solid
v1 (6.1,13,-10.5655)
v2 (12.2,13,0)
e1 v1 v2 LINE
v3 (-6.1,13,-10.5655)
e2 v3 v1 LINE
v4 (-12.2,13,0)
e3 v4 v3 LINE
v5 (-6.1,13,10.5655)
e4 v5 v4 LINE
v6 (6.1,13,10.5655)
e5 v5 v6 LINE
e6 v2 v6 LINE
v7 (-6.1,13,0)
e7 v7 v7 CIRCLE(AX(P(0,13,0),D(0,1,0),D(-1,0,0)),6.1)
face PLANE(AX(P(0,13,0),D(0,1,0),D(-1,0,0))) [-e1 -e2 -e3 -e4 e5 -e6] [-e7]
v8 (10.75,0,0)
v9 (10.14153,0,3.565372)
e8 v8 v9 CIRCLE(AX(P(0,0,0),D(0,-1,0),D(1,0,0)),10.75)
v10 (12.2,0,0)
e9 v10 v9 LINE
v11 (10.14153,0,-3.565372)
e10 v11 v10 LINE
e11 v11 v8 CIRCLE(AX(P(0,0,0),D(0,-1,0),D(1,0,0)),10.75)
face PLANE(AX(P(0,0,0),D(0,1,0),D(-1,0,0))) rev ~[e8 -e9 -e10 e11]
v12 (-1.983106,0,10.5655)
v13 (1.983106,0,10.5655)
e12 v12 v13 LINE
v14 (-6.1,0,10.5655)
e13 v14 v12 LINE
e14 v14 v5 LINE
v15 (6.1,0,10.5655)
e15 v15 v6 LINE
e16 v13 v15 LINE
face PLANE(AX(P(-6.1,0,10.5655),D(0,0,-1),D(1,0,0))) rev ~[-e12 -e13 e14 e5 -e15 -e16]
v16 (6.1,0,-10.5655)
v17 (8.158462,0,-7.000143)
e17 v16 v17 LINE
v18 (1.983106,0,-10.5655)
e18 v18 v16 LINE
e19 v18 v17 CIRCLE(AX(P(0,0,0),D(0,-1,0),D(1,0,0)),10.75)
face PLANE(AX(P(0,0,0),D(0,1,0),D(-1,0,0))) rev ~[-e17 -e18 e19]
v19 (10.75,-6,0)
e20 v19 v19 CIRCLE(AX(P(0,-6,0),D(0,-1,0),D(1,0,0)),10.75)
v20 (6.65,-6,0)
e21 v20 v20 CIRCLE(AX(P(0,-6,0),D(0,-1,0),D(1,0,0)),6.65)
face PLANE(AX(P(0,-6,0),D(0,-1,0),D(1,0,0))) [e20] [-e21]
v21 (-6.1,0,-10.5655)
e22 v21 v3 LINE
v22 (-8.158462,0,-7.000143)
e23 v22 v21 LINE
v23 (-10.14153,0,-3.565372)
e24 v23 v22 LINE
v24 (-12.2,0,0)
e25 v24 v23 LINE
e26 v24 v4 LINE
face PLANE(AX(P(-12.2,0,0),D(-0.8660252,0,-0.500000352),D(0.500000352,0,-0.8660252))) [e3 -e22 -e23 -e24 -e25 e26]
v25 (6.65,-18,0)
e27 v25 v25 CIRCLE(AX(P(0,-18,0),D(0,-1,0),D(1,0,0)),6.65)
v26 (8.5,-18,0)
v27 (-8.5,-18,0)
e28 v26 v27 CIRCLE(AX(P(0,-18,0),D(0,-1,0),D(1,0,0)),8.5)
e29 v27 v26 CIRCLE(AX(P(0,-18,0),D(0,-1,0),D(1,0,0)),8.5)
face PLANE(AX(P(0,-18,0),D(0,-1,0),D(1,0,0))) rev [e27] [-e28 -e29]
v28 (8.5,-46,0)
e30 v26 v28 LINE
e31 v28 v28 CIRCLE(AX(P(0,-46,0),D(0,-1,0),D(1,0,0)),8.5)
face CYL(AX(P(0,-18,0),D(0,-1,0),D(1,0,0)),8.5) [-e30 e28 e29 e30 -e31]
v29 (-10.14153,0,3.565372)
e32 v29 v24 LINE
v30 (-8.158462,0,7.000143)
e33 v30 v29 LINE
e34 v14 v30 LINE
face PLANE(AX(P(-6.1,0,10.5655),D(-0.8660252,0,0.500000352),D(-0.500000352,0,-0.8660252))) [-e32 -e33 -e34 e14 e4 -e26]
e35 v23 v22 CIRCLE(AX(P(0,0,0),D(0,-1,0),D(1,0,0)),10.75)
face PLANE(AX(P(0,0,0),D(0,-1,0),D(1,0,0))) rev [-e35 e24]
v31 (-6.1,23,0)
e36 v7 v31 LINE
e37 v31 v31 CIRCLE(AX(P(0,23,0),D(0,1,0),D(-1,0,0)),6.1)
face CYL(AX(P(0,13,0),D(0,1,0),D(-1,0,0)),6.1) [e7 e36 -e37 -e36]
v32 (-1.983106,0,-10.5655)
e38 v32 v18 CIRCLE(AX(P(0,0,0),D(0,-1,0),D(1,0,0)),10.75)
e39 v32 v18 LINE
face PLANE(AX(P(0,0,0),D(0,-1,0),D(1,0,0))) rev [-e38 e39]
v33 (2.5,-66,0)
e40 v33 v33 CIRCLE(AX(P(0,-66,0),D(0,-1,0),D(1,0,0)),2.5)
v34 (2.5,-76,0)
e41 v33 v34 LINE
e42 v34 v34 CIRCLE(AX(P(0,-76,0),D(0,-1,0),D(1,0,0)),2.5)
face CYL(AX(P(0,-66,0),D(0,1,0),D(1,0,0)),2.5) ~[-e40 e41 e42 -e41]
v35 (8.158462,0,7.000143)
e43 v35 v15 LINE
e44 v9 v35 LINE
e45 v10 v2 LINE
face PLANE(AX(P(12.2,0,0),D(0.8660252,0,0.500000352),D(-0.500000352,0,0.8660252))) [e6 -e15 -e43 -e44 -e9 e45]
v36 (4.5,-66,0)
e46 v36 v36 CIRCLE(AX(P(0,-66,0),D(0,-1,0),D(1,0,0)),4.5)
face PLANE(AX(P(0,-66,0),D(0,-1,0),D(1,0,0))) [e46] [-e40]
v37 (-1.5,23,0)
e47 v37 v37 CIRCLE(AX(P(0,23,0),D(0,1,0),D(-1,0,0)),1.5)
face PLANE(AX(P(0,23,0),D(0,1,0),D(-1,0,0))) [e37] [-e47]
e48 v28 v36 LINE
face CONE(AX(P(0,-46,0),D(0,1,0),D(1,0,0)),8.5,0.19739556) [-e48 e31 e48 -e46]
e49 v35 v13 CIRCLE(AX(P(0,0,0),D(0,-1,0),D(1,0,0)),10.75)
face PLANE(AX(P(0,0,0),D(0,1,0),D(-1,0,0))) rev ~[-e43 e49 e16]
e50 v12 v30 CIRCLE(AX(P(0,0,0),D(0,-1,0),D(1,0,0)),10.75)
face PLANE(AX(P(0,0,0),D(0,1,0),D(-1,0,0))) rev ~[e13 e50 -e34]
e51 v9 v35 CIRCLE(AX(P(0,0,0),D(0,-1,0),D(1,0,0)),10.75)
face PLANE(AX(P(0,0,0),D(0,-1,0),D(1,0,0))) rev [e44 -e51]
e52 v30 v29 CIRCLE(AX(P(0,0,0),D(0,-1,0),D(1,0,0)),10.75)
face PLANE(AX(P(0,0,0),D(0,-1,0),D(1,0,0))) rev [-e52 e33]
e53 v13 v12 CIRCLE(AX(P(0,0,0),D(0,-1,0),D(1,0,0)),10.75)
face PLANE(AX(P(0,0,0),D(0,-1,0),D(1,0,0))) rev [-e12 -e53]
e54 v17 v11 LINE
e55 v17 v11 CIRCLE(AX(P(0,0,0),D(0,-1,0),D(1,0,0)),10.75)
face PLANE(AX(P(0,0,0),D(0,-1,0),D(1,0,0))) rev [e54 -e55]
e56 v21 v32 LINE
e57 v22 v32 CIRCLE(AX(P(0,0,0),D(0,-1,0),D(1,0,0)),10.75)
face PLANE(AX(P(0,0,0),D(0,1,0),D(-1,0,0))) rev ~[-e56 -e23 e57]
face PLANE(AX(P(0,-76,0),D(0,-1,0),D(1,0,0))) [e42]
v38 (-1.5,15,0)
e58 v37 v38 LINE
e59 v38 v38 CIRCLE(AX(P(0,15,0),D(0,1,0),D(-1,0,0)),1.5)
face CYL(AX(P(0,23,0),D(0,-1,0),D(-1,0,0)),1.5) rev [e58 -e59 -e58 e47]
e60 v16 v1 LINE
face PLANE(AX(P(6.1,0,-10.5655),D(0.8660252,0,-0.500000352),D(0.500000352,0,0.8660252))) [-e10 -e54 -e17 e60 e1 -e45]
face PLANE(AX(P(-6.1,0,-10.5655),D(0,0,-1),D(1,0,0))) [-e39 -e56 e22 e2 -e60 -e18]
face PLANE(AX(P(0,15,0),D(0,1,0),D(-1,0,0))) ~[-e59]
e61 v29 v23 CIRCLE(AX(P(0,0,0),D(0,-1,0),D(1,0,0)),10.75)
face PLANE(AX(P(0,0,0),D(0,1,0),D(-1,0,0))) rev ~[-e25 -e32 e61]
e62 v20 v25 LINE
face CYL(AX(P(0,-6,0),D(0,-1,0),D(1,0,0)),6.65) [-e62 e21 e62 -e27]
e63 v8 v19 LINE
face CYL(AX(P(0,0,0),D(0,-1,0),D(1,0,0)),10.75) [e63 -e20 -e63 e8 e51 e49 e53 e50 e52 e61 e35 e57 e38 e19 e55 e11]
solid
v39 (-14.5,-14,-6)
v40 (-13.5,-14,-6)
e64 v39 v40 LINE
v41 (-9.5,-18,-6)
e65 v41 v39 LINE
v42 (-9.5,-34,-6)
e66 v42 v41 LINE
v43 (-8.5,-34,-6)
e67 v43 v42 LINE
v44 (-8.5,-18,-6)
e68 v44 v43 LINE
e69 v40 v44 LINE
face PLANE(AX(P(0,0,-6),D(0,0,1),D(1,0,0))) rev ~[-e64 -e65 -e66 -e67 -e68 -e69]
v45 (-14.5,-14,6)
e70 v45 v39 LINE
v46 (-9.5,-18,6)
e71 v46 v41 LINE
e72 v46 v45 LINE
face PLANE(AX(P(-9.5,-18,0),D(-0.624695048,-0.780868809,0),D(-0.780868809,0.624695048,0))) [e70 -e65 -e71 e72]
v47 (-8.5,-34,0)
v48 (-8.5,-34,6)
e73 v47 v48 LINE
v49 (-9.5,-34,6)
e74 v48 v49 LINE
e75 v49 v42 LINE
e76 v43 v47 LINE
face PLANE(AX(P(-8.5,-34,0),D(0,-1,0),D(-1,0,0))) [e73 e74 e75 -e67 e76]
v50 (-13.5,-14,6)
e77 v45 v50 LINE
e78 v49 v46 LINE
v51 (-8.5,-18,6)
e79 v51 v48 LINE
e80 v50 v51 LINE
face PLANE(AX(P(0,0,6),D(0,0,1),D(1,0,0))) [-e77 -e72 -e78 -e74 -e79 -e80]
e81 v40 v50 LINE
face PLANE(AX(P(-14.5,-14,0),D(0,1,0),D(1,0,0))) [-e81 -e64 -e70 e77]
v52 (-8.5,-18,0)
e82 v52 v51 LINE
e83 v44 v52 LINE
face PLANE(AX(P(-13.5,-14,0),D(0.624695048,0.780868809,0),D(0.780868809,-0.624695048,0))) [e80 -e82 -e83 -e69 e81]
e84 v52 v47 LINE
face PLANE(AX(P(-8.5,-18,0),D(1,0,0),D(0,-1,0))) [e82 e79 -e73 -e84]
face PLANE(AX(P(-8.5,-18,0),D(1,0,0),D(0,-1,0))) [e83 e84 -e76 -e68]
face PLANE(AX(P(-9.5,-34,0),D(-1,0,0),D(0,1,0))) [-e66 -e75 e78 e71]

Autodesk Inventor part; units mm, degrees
ref_plane "YZ Plane" through (0, 0, 0) normal (1, 0, 0) x (0, 1, 0)
ref_plane "XZ Plane" through (0, 0, 0) normal (0, 1, 0) x (-1, 0, 0)
ref_plane "XY Plane" through (0, 0, 0) normal (0, 0, 1) x (1, 0, 0)
sketch "Sketch1" plane through (0, 0, 0) normal (0, 0, 1) x (1, 0, 0)
  line L0 (0, 13.8093) -> (0, -15.119)
  line L1 (0, 0) -> (10.75, 0)
  line L2 (10.75, 0) -> (10.75, -6)
  line L3 (10.75, -6) -> (6.65, -6)
  line L4 (6.65, -6) -> (6.65, -18)
  line L5 (6.65, -18) -> (8.5, -18)
  line L6 (8.5, -18) -> (8.5, -46)
  line L7 (8.5, -46) -> (4.5, -66)
  line L8 (4.5, -66) -> (0, -66)
  line L9 (0, -66) -> (0, 0)
  dimension "d0" = 10.75
  dimension "d1" = 6
  dimension "d2" = 4.1
  dimension "d3" = 12
  dimension "d4" = 28
  dimension "d5" = 1.85
  dimension "d6" = 20
  dimension "d7" = 4.5
revolve "body" add sketch "Sketch1" angle 360 about axis through (0, 13.8093, 0) along (0, -1, 0)
sketch "Sketch2" plane through (0, 0, 0) normal (0, 1, 0) x (-1, 0, 0)
  circle A0 centre (0, 0) radius 6.65 construction
  circle A1 centre (0, 0) radius 12.2 construction
  line L0 (6.1, -10.5655) -> (-6.1, -10.5655)
  line L1 (-6.1, -10.5655) -> (-12.2, 0)
  line L2 (12.2, 0) -> (-12.2, 0) construction
  line L3 (-12.2, 0) -> (-6.1, 10.5655)
  line L4 (6.1, 10.5655) -> (-6.1, 10.5655)
  line L5 (6.1, 10.5655) -> (12.2, 0)
  line L6 (12.2, 0) -> (6.1, -10.5655)
  point P0 (0, 0)
  dimension "d9" = 24.4
extrude "hexBit" add sketch "Sketch2" along normal blind 13
sketch "Sketch3" plane through (0, 0, 0) normal (0, 0, 1) x (1, 0, 0)
  line L0 (-6.1, 13) -> (6.1, 13) construction
  line L1 (-6.1, 13) -> (-6.1, 23)
  line L2 (-6.1, 23) -> (-1.5, 23)
  line L3 (-1.5, 23) -> (-1.5, 15)
  line L4 (6.1, 13) -> (-6.1, 13) projected
  line L5 (0, 13) -> (0, 41.9398)
  line L6 (-6.1, 13) -> (0, 13)
  line L7 (0, 13) -> (0, 15)
  line L8 (0, 15) -> (-1.5, 15)
  point P0 (0, 0)
  dimension "d12" = 10
  dimension "d14" = 8
  dimension "d17" = 1.5
revolve "sensorENtrance" add sketch "Sketch3" angle 360 about axis through (0, 13, 0) along (0, 1, 0)
thread "Thread1" size "M14x2" class "6g" standard "ANSI Metric M Profile" full length
sketch "Sketch5" plane through (0, 0, 0) normal (0, 0, 1) x (1, 0, 0)
  line L0 (-8.5, -46) -> (8.5, -46) construction
  line L1 (-8.5, -18) -> (8.5, -18) construction
  line L2 (-8.5, -34) -> (-9.5, -34)
  line L3 (-9.5, -34) -> (-9.5, -18)
  line L4 (-8.5, -18) -> (-8.5, -46) projected
  line L5 (-9.5, -18) -> (-14.5, -14)
  line L6 (-8.5, -18) -> (-8.5, -34)
  line L7 (-8.5, -18) -> (8.5, -18) projected
  line L8 (-13.5, -14) -> (-8.5, -18)
  line L9 (-14.5, -14) -> (-13.5, -14)
  point P0 (0, 0)
  dimension "d21" = 1
  dimension "d22" = 16
  dimension "d24" = 4
  dimension "d25" = 5
extrude "stickingOutBit" add sketch "Sketch5" along normal mid plane 12
sketch "Sketch6" plane through (0, -66, 0) normal (0, -1, 0) x (1, 0, 0)
  circle A0 centre (0, 0) radius 2.5
  dimension "d28" = 5
extrude "lead" add sketch "Sketch6" along normal blind 10
sketch "pinsPlacement" plane through (0, -76, 0) normal (0, -1, 0) x (1, 0, 0)
  line L0 (-1.2888, 0) -> (1.0188, 0) construction
  line L1 (0.5, 0.75) -> (0.5, -0.75) construction
  point P0 (0, 0)
  point P1 (-0.75, 0)
  point P2 (0.5, 0)
  dimension "d31" = 0.75
  dimension "d32" = 0.5
  dimension "d33" = 1.5
properties part number "30PSIPressureSensor"
